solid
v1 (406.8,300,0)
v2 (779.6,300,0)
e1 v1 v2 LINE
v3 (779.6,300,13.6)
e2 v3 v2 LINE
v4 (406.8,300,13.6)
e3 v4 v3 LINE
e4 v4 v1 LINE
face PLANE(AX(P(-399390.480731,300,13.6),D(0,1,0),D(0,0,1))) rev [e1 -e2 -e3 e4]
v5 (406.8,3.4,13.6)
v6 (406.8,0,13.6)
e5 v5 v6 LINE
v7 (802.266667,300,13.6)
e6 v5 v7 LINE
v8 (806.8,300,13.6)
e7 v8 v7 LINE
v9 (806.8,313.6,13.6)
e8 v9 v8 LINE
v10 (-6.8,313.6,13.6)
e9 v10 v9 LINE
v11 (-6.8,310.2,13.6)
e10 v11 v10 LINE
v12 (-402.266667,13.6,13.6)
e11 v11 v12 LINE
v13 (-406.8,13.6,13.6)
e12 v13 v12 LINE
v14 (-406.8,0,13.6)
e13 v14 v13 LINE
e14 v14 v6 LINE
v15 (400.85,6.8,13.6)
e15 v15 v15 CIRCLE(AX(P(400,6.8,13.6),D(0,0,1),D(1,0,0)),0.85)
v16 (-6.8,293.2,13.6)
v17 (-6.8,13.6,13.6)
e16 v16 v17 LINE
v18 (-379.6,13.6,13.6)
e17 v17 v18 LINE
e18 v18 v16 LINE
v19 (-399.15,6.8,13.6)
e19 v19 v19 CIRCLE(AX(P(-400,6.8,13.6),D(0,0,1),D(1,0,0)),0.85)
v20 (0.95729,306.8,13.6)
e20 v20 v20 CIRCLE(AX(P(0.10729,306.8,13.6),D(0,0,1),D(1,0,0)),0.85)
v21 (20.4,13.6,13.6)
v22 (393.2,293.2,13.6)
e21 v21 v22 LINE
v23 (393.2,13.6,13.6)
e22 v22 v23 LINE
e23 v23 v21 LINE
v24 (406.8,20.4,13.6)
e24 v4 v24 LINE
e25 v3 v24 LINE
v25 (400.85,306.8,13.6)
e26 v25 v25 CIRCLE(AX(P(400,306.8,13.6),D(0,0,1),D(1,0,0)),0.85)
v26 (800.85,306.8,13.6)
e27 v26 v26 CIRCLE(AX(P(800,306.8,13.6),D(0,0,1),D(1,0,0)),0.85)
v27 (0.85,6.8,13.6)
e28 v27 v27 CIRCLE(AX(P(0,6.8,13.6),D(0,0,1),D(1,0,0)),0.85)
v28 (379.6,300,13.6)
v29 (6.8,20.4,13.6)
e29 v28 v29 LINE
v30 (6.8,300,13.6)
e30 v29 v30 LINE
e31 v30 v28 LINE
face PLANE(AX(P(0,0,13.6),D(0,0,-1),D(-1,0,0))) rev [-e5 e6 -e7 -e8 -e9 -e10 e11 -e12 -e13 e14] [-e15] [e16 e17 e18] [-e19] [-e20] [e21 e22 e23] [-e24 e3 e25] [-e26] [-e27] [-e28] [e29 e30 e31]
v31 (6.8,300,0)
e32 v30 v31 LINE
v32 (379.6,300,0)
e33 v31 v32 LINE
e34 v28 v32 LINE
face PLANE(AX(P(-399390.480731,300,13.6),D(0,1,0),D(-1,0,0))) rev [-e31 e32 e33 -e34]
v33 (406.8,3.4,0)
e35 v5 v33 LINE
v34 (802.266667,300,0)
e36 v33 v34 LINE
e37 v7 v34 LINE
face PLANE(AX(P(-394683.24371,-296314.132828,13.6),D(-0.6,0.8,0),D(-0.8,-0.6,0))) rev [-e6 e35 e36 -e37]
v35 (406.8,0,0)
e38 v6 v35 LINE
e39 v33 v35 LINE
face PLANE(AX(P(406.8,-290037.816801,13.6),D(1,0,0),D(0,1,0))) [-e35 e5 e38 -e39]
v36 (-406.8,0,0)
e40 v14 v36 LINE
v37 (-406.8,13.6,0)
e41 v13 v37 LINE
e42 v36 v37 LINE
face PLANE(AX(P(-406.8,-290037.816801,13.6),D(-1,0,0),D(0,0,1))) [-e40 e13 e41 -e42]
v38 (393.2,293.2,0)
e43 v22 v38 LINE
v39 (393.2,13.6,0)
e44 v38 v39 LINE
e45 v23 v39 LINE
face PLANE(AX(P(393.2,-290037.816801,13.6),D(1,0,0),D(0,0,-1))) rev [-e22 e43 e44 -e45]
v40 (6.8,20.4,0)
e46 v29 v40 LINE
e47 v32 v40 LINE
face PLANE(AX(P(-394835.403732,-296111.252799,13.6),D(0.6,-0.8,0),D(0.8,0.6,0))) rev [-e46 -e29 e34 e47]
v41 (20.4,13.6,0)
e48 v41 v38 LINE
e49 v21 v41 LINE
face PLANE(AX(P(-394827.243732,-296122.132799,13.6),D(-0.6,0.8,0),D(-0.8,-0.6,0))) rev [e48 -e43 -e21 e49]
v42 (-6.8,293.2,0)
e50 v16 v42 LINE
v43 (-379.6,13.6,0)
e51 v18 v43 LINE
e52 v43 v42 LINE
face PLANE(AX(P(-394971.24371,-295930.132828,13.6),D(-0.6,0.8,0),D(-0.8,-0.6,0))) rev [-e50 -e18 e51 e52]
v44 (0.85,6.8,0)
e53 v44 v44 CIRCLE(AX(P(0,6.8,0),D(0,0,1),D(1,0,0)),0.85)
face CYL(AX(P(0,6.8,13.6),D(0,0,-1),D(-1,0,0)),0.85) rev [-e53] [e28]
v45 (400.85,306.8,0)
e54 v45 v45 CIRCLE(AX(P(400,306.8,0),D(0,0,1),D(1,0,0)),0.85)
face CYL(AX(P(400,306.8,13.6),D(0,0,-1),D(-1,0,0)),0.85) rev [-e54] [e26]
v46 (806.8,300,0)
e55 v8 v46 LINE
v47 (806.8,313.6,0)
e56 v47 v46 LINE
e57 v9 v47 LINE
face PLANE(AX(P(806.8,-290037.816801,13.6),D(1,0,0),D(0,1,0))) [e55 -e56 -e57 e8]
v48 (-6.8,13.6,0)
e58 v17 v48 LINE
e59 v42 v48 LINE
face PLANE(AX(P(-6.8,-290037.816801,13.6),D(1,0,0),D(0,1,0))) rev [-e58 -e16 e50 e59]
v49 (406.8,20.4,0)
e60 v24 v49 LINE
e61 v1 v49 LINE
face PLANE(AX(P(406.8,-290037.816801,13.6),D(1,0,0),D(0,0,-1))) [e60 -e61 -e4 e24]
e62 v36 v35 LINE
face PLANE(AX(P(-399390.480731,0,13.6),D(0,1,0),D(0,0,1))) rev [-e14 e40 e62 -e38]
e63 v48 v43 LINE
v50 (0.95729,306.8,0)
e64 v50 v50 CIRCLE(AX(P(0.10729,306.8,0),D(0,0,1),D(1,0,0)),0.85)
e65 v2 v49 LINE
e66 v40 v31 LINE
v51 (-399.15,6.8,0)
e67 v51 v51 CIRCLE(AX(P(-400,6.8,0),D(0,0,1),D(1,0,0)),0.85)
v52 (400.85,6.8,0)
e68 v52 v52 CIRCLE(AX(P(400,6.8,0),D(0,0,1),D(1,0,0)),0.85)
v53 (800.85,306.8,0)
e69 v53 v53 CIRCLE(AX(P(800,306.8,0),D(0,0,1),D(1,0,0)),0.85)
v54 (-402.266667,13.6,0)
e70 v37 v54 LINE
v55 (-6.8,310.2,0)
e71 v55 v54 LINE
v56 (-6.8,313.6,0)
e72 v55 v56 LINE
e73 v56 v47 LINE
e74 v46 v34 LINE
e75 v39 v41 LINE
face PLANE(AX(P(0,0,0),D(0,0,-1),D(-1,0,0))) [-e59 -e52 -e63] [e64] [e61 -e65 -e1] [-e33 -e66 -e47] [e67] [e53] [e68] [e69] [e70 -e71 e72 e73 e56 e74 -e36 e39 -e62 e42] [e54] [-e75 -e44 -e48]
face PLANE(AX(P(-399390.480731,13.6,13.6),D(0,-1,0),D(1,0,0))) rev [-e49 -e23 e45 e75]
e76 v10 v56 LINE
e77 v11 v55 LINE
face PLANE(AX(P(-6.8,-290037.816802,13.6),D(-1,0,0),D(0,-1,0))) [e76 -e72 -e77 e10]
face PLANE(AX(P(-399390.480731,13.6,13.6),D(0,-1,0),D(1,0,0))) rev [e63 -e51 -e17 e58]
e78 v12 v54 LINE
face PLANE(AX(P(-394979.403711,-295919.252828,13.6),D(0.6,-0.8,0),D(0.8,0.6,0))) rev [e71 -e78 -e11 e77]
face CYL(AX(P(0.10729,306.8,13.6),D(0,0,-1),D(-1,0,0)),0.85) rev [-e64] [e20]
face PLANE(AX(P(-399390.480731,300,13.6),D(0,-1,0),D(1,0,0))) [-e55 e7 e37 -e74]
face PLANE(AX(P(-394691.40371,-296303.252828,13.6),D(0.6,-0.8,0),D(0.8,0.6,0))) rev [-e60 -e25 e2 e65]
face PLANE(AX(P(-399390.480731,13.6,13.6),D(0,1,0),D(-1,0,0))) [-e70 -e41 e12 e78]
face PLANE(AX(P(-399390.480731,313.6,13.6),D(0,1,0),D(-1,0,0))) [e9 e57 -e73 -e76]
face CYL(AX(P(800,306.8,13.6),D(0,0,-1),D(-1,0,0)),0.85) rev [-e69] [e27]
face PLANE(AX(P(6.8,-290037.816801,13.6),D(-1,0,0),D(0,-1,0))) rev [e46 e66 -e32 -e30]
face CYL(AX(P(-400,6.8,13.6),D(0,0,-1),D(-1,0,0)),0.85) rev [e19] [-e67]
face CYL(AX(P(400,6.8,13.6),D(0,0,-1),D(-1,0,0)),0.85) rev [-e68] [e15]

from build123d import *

# Parameters (mm, degrees)
SKETCH2_R           = 0.85
BOSS_EXTRUDE1_DEPTH = 13.6


with BuildPart() as part:
    # Sketch2 → Boss-Extrude1 (new body)
    with BuildSketch(Plane.XY):
        Polygon((400, 0), (-400, 0), (-406.8, 0), (-406.8, 13.6), (-402.266666667, 13.6), (-306.362355233, 85.528233586), (-6.8, 310.200000045), (-6.8, 313.6), (0, 313.6), (800, 313.6), (806.8, 313.6), (806.8, 300), (802.266666606, 300), (406.8, 3.4), (406.8, 0), align=None)
        with Locations((0.107289977, 306.8)):
            Circle(SKETCH2_R, mode=Mode.SUBTRACT)
        with Locations((-399.99999994, 6.8)):
            Circle(SKETCH2_R, mode=Mode.SUBTRACT)
        with Locations((0, 6.8)):
            Circle(SKETCH2_R, mode=Mode.SUBTRACT)
        with Locations((400, 6.8)):
            Circle(SKETCH2_R, mode=Mode.SUBTRACT)
        with Locations((800, 306.8)):
            Circle(SKETCH2_R, mode=Mode.SUBTRACT)
        with Locations((400, 306.8)):
            Circle(SKETCH2_R, mode=Mode.SUBTRACT)
        Polygon((-6.8, 13.6), (-6.8, 293.200000044), (-298.202355233, 74.648233587), (-379.600000002, 13.6), align=None, mode=Mode.SUBTRACT)
        Polygon((6.8, 300), (6.8, 20.4), (106.280361955, 95.010271466), (379.6, 300), align=None, mode=Mode.SUBTRACT)
        Polygon((393.2, 13.6), (393.2, 293.2), (114.440361955, 84.130271466), (20.4, 13.6), align=None, mode=Mode.SUBTRACT)
        Polygon((406.8, 20.400000001), (406.8, 300), (779.599999942, 300), align=None, mode=Mode.SUBTRACT)
    extrude(amount=BOSS_EXTRUDE1_DEPTH)


solid = part.part
